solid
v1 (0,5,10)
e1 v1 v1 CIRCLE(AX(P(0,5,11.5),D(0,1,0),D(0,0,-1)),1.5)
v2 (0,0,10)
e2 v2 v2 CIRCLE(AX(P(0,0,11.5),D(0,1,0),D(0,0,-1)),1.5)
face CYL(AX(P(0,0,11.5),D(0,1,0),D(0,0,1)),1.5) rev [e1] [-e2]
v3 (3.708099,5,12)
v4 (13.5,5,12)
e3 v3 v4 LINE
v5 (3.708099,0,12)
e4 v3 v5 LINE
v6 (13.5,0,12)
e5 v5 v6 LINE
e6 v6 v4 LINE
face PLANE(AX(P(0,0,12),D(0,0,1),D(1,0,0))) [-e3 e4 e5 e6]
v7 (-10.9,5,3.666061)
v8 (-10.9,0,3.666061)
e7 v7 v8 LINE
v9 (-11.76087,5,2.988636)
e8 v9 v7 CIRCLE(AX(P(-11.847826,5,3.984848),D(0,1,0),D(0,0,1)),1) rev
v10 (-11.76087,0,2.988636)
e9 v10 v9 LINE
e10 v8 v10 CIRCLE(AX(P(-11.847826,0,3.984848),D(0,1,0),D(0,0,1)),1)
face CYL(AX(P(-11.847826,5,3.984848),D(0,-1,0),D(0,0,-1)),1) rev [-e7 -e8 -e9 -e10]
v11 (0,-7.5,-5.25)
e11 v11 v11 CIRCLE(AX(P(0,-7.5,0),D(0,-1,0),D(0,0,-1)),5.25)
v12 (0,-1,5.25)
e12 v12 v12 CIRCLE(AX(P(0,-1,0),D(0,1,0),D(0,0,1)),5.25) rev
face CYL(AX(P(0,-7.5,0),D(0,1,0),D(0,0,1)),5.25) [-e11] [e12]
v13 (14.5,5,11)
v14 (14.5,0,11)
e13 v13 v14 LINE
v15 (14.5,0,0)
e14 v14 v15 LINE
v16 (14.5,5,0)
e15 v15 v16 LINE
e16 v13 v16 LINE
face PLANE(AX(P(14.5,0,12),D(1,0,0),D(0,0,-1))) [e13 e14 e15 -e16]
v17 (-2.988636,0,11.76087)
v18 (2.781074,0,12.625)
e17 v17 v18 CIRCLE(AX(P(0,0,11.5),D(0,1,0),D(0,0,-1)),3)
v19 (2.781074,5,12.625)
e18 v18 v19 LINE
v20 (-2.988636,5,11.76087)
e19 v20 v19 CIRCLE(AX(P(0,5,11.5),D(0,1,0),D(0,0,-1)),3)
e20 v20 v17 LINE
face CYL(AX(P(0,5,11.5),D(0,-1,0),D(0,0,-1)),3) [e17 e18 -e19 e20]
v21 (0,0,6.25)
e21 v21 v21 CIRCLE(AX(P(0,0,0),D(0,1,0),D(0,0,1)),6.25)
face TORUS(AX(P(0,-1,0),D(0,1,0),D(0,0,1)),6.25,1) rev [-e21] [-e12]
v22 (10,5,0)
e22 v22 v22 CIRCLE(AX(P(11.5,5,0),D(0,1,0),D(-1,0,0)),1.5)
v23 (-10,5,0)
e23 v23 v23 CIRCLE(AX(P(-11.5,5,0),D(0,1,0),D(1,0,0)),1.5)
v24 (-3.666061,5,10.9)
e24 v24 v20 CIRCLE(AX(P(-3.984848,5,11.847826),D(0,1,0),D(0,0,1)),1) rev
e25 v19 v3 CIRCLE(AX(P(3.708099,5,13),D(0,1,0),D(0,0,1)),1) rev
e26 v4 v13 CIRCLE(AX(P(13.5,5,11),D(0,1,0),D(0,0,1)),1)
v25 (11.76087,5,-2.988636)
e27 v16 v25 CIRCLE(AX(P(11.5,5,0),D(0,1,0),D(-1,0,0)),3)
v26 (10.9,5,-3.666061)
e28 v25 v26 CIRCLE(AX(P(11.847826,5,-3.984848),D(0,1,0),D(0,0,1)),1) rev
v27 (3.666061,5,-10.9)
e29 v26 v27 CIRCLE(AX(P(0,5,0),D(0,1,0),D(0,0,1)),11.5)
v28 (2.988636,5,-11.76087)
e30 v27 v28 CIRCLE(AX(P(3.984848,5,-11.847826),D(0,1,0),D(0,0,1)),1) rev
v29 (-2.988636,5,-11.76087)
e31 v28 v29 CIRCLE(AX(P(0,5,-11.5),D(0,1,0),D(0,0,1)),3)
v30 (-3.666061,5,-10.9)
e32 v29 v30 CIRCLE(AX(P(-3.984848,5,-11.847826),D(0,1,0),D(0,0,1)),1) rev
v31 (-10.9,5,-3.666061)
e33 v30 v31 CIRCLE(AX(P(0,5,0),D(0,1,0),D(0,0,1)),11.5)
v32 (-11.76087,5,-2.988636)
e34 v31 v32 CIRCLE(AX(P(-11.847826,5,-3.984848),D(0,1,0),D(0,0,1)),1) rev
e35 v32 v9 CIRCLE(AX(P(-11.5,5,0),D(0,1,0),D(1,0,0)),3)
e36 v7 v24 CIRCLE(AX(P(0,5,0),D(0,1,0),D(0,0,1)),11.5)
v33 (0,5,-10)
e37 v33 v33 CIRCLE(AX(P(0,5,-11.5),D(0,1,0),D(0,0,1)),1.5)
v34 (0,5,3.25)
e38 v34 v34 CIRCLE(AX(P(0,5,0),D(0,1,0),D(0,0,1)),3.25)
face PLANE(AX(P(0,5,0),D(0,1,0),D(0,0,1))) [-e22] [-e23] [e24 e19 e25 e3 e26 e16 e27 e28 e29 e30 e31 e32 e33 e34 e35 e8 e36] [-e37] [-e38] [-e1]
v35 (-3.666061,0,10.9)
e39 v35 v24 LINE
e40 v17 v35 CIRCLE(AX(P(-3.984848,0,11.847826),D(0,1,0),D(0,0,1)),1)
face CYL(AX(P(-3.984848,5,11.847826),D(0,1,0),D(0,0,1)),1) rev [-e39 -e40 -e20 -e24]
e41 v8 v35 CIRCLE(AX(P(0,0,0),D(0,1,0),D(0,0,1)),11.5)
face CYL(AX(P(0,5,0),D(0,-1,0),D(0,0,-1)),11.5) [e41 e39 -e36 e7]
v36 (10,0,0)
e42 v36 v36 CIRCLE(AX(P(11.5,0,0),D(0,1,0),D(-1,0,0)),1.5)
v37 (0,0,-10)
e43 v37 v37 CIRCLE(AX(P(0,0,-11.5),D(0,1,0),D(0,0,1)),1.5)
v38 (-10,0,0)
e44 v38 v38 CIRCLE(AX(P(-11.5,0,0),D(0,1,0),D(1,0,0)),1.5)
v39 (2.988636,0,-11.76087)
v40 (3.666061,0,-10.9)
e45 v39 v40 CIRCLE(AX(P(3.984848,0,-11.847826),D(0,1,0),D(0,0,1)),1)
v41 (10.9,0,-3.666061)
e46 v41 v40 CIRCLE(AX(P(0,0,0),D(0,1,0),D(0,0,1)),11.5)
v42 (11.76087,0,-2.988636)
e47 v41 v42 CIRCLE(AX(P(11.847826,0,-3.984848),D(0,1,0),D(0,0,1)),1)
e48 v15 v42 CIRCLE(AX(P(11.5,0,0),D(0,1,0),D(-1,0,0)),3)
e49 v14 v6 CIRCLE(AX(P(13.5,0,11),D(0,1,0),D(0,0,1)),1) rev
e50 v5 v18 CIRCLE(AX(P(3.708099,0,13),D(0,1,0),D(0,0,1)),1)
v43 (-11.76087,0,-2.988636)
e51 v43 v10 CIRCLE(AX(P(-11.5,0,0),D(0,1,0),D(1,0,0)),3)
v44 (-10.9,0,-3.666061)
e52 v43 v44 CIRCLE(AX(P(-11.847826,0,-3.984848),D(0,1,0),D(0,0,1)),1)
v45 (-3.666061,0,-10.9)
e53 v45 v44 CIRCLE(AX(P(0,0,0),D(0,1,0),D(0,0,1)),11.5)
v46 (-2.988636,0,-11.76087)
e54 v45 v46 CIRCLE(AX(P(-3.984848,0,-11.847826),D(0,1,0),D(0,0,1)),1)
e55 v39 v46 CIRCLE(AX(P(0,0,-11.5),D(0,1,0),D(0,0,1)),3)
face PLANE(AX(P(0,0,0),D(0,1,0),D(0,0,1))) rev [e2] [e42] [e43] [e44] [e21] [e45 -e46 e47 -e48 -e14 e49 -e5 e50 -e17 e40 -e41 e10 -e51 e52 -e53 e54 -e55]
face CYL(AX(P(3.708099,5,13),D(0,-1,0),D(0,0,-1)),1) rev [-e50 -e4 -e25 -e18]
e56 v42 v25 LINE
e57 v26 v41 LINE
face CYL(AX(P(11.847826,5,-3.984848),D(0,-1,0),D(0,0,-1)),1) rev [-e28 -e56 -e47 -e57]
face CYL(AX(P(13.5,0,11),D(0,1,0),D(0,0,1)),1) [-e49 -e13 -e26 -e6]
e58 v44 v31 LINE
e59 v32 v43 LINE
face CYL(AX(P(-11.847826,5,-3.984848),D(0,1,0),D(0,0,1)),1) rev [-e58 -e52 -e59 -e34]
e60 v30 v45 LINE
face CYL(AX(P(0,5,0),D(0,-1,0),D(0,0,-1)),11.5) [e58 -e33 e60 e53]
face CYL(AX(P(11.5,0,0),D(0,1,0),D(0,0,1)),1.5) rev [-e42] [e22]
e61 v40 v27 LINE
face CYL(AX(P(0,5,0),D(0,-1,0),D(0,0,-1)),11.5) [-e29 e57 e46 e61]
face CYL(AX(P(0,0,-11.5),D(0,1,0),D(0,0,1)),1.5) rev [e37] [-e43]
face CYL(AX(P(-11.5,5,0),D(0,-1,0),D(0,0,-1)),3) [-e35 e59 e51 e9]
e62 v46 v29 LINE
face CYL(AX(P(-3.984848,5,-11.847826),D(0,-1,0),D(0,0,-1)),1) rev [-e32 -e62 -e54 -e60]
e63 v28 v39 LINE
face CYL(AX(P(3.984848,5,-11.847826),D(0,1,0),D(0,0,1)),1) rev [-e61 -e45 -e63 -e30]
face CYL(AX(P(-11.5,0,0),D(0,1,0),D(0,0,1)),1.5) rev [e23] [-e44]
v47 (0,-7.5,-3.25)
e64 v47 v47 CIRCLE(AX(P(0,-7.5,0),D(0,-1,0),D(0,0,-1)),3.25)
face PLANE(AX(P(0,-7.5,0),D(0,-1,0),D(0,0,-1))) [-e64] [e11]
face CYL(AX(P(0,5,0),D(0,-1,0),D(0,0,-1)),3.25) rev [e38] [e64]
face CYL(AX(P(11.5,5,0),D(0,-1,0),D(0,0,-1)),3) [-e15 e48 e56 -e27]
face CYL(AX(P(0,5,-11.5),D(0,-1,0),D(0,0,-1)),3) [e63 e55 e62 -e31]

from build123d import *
from build123d.topology import SkipClean

# Parameters (mm, degrees)
SKETCH1_R           = 11.5
SKETCH1_R_2         = 3.25
BOSS_EXTRUDE1_DEPTH = 5
SKETCH3_R           = 3
BOSS_EXTRUDE2_DEPTH = 5
SKETCH4_R           = 1.5
CUT_EXTRUDE1_DEPTH  = 5
CIRPATTERN1_COUNT   = 4
BOSS_EXTRUDE3_DEPTH = 5
CIRPATTERN2_COUNT   = 4
BOSS_EXTRUDE4_START = 7.5
SKETCH6_R           = 5.25
SKETCH6_R_2         = 3.25
BOSS_EXTRUDE4_DEPTH = 7.5
FILLET2_R           = 1


with BuildPart() as part:
    # Sketch1 → Boss-Extrude1 (new body)
    with BuildSketch(Plane(origin=(0, 0, 0), x_dir=(1, 0, 0), z_dir=(0, 1, 0))):
        with Locations(Location((0, 0, 0), (0, 0, 270))):
            Circle(SKETCH1_R)
        with Locations(Location((0, 0, 0), (0, 0, 270))):
            Circle(SKETCH1_R_2, mode=Mode.SUBTRACT)
    extrude(amount=BOSS_EXTRUDE1_DEPTH)

    # Sketch3 → Boss-Extrude2 (add)
    with BuildSketch(Plane(origin=(0, 0, 0), x_dir=(1, 0, 0), z_dir=(0, 1, 0))):
        with Locations((0, 11.5)):
            Circle(SKETCH3_R)
    boss_extrude2 = extrude(amount=BOSS_EXTRUDE2_DEPTH)

    # Sketch4 → Cut-Extrude1 (cut)
    with BuildSketch(Plane(origin=(0, 5, 0), x_dir=(1, 0, 0), z_dir=(0, 1, 0))):
        with Locations(Location((0, 11.5, 0), (0, 0, 270))):
            Circle(SKETCH4_R)
    cut_extrude1 = extrude(amount=-CUT_EXTRUDE1_DEPTH, mode=Mode.SUBTRACT)

    # CirPattern1: Boss-Extrude2 ×4 about axis
    cirpattern1_axis = Axis((0, 0, 0), (0, 1, 0))
    for i in range(1, CIRPATTERN1_COUNT):
        add(boss_extrude2.rotate(cirpattern1_axis, i * 360 / CIRPATTERN1_COUNT))

    # Sketch5 → Boss-Extrude3 (add)
    with BuildSketch(Plane(origin=(0, 5, 0), x_dir=(1, 0, 0), z_dir=(0, 1, 0))):
        Polygon((0, -12), (14.5, -12), (14.5, 0), (10.271836612, 0), align=None)
    extrude(amount=-BOSS_EXTRUDE3_DEPTH)

    # CirPattern2: Cut-Extrude1 ×4 about axis
    cirpattern2_axis = Axis((0, 0, 0), (0, 1, 0))
    for i in range(1, CIRPATTERN2_COUNT):
        add(cut_extrude1.rotate(cirpattern2_axis, i * 360 / CIRPATTERN2_COUNT), mode=Mode.SUBTRACT)

    # Sketch6 → Boss-Extrude4 (add)
    with SkipClean():  # the faces are left unmerged after this step: merging them gives an invalid solid
        with BuildSketch(Plane.XZ.offset(BOSS_EXTRUDE4_START)):
            with Locations(Location((0, 0, 0), (0, 0, 90))):
                Circle(SKETCH6_R)
            with Locations(Location((0, 0, 0), (0, 0, 270))):
                Circle(SKETCH6_R_2, mode=Mode.SUBTRACT)
        extrude(amount=-BOSS_EXTRUDE4_DEPTH)

    # Fillet2
    fillet2_edges = [part.edges().sort_by_distance(p)[0] for p in [
        (-2.974370674, 2.5, -11.108695652),
        (2.974370674, 2.5, -11.108695652),
        (-11.108695652, 2.5, -2.974370674),
        (-11.108695652, 2.5, 2.974370674),
        (-2.974370674, 2.5, 11.108695652),
        (11.108695652, 2.5, -2.974370674),
        (2.958039892, 2.5, 12),
        (14.5, 2.5, 12),
        (0, 0, -5.25),
    ]]
    fillet(fillet2_edges, radius=FILLET2_R)


solid = part.part
